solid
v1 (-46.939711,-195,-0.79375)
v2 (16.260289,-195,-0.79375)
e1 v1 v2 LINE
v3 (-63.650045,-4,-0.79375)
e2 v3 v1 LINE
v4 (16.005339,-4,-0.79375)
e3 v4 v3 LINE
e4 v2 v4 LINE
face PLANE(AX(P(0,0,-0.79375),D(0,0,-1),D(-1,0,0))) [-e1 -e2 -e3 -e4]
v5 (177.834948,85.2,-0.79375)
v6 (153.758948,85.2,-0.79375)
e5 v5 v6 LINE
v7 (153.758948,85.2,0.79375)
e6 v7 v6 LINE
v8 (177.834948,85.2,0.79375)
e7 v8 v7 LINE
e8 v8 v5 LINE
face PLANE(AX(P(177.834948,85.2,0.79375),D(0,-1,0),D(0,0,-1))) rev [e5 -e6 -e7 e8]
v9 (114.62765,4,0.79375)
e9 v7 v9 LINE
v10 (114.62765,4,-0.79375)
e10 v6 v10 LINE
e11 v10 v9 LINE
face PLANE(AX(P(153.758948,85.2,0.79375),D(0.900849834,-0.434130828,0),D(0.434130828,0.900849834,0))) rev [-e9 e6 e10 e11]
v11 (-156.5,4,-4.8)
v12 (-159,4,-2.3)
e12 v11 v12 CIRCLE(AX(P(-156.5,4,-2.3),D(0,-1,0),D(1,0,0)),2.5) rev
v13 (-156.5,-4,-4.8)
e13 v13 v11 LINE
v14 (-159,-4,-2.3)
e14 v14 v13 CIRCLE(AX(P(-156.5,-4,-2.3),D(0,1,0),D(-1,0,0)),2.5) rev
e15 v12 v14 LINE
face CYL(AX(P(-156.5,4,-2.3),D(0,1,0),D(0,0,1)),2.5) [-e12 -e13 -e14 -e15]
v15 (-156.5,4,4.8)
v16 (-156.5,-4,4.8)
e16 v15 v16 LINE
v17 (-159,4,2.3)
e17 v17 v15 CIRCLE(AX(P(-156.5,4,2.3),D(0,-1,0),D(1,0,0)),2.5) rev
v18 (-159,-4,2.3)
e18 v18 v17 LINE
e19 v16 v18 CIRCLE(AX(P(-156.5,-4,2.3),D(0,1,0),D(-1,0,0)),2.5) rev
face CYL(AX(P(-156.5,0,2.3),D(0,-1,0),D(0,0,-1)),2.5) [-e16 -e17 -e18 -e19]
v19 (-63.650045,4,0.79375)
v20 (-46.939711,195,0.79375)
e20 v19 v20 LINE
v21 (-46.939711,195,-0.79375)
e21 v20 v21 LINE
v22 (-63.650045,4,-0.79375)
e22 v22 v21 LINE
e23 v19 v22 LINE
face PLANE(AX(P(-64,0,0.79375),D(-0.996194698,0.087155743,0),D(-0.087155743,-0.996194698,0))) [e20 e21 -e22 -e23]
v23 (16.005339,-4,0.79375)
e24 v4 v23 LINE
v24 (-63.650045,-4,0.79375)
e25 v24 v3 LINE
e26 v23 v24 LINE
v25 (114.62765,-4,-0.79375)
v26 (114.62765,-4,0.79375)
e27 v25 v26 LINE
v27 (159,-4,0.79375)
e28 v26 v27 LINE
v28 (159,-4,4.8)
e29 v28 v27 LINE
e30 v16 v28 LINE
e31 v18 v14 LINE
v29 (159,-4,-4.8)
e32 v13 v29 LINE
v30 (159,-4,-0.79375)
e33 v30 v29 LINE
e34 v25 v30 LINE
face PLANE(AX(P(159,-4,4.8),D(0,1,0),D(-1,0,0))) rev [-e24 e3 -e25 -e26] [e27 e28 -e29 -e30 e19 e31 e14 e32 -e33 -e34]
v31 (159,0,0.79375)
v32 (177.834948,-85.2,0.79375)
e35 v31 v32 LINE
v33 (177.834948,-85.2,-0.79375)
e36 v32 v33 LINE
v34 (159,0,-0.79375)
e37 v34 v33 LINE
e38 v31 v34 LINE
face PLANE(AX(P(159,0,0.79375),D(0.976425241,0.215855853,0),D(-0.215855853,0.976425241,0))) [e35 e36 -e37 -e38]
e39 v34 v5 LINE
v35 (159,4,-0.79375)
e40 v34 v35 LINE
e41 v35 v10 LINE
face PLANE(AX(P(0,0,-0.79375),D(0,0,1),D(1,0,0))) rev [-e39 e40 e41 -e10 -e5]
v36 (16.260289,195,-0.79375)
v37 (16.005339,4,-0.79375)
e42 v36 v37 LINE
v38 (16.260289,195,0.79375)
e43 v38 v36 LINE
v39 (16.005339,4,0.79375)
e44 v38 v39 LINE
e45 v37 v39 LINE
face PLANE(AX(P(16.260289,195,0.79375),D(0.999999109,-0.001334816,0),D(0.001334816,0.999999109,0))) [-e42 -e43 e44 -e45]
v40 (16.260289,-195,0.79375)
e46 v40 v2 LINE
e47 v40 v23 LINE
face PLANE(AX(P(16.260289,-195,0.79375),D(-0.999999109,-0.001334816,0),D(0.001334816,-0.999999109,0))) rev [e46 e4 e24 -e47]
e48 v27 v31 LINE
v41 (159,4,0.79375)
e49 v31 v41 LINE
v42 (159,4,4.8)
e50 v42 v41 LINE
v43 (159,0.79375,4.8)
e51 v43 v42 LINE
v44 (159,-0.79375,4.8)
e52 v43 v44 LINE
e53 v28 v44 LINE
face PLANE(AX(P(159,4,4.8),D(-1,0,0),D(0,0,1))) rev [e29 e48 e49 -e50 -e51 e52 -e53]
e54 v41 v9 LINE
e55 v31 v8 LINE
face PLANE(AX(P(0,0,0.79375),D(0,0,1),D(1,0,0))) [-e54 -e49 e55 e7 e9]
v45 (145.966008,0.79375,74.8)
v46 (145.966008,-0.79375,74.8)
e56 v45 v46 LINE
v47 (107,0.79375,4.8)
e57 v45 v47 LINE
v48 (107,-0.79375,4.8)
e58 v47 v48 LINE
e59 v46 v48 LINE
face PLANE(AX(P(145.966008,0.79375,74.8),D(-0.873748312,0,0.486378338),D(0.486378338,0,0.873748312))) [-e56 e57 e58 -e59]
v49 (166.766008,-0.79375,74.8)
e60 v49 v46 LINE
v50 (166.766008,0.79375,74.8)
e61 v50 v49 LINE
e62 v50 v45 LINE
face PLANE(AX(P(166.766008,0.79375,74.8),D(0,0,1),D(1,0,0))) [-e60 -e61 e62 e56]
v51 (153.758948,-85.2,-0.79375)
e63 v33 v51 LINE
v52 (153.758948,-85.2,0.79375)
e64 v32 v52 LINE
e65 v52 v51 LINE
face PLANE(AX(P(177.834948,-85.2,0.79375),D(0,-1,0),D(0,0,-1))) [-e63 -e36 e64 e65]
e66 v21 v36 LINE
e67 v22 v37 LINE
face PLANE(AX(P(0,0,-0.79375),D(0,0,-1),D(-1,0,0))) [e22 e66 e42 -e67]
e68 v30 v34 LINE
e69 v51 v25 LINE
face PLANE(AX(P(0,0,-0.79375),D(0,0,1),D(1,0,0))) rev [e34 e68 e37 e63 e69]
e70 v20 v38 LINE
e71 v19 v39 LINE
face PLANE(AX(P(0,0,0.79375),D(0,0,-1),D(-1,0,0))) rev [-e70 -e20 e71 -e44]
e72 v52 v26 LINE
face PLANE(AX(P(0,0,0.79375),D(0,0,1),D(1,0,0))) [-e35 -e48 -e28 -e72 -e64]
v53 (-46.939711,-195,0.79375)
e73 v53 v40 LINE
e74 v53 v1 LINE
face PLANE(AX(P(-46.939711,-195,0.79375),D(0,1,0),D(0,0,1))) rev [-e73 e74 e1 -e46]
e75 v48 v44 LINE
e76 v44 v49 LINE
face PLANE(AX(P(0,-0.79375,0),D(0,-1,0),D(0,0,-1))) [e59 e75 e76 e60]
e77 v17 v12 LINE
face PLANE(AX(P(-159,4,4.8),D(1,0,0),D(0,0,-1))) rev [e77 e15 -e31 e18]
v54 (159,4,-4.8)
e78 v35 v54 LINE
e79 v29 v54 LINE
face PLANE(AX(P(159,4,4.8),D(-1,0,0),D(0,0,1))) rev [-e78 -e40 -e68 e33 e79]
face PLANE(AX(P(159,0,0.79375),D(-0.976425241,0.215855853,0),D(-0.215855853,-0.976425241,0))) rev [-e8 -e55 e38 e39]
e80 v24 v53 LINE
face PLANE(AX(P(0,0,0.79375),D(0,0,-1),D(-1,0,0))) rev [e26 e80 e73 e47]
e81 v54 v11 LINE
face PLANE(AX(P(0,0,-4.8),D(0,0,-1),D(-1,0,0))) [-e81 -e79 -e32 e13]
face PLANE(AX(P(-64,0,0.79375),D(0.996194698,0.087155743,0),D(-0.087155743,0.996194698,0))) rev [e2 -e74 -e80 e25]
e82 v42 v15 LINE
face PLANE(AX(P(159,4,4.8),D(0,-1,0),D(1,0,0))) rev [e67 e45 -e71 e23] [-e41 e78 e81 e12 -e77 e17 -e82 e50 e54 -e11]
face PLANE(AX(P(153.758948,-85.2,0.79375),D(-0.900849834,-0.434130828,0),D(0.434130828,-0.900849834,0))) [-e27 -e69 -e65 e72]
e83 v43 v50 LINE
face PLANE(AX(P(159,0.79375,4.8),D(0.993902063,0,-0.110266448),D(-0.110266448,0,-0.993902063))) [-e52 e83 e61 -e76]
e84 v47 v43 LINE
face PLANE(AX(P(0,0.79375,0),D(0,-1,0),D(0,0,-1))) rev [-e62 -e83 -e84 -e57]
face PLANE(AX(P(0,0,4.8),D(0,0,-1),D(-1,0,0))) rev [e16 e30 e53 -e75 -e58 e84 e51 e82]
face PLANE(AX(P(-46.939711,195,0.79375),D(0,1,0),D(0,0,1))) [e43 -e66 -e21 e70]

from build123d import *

# Parameters (mm, degrees)
SKETCH1_W           = 318
SKETCH1_H           = 8
BOSS_EXTRUDE1_DEPTH = 4.8
BOSS_EXTRUDE2_DEPTH = 0.79375
BOSS_EXTRUDE3_DEPTH = 0.79375
BOSS_EXTRUDE4_DEPTH = 0.79375
FILLET1_R           = 2.5


with BuildPart() as part:
    # Sketch1 → Boss-Extrude1 (new, symmetric)
    with BuildSketch(Plane.XY):
        Rectangle(SKETCH1_W, SKETCH1_H)
    extrude(amount=BOSS_EXTRUDE1_DEPTH, both=True)

    # Sketch3 → Boss-Extrude2 (add, symmetric)
    with BuildSketch(Plane.XY):
        Polygon((-64, 0), (-46.939710612, 195), (16.260289388, 195), (16, 0), align=None)
    boss_extrude2 = extrude(amount=BOSS_EXTRUDE2_DEPTH, both=True)

    # Mirror1: Boss-Extrude2 across plane
    add(boss_extrude2.mirror(Plane.ZX))

    # Sketch6 → Boss-Extrude3 (add, symmetric)
    with BuildSketch(Plane(origin=(0, 0, 0), x_dir=(1, 0, 0), z_dir=(0, 1, 0))):
        Polygon((159, -4.8), (166.766007972, -74.8), (145.966007972, -74.8), (107, -4.8), align=None)
    extrude(amount=BOSS_EXTRUDE3_DEPTH, both=True)

    # Sketch8 → Boss-Extrude4 (add, symmetric)
    with BuildSketch(Plane.XY):
        Polygon((159, 0), (177.834948036, 85.2), (153.758948036, 85.2), (112.7, 0), align=None)
    boss_extrude4 = extrude(amount=BOSS_EXTRUDE4_DEPTH, both=True)

    # Mirror2: Boss-Extrude4 across plane
    add(boss_extrude4.mirror(Plane.ZX))

    # Fillet1
    fillet1_edges = [part.edges().sort_by_distance(p)[0] for p in [
        (-159, 0, 4.8),
        (-159, 0, -4.8),
    ]]
    fillet(fillet1_edges, radius=FILLET1_R)


solid = part.part
